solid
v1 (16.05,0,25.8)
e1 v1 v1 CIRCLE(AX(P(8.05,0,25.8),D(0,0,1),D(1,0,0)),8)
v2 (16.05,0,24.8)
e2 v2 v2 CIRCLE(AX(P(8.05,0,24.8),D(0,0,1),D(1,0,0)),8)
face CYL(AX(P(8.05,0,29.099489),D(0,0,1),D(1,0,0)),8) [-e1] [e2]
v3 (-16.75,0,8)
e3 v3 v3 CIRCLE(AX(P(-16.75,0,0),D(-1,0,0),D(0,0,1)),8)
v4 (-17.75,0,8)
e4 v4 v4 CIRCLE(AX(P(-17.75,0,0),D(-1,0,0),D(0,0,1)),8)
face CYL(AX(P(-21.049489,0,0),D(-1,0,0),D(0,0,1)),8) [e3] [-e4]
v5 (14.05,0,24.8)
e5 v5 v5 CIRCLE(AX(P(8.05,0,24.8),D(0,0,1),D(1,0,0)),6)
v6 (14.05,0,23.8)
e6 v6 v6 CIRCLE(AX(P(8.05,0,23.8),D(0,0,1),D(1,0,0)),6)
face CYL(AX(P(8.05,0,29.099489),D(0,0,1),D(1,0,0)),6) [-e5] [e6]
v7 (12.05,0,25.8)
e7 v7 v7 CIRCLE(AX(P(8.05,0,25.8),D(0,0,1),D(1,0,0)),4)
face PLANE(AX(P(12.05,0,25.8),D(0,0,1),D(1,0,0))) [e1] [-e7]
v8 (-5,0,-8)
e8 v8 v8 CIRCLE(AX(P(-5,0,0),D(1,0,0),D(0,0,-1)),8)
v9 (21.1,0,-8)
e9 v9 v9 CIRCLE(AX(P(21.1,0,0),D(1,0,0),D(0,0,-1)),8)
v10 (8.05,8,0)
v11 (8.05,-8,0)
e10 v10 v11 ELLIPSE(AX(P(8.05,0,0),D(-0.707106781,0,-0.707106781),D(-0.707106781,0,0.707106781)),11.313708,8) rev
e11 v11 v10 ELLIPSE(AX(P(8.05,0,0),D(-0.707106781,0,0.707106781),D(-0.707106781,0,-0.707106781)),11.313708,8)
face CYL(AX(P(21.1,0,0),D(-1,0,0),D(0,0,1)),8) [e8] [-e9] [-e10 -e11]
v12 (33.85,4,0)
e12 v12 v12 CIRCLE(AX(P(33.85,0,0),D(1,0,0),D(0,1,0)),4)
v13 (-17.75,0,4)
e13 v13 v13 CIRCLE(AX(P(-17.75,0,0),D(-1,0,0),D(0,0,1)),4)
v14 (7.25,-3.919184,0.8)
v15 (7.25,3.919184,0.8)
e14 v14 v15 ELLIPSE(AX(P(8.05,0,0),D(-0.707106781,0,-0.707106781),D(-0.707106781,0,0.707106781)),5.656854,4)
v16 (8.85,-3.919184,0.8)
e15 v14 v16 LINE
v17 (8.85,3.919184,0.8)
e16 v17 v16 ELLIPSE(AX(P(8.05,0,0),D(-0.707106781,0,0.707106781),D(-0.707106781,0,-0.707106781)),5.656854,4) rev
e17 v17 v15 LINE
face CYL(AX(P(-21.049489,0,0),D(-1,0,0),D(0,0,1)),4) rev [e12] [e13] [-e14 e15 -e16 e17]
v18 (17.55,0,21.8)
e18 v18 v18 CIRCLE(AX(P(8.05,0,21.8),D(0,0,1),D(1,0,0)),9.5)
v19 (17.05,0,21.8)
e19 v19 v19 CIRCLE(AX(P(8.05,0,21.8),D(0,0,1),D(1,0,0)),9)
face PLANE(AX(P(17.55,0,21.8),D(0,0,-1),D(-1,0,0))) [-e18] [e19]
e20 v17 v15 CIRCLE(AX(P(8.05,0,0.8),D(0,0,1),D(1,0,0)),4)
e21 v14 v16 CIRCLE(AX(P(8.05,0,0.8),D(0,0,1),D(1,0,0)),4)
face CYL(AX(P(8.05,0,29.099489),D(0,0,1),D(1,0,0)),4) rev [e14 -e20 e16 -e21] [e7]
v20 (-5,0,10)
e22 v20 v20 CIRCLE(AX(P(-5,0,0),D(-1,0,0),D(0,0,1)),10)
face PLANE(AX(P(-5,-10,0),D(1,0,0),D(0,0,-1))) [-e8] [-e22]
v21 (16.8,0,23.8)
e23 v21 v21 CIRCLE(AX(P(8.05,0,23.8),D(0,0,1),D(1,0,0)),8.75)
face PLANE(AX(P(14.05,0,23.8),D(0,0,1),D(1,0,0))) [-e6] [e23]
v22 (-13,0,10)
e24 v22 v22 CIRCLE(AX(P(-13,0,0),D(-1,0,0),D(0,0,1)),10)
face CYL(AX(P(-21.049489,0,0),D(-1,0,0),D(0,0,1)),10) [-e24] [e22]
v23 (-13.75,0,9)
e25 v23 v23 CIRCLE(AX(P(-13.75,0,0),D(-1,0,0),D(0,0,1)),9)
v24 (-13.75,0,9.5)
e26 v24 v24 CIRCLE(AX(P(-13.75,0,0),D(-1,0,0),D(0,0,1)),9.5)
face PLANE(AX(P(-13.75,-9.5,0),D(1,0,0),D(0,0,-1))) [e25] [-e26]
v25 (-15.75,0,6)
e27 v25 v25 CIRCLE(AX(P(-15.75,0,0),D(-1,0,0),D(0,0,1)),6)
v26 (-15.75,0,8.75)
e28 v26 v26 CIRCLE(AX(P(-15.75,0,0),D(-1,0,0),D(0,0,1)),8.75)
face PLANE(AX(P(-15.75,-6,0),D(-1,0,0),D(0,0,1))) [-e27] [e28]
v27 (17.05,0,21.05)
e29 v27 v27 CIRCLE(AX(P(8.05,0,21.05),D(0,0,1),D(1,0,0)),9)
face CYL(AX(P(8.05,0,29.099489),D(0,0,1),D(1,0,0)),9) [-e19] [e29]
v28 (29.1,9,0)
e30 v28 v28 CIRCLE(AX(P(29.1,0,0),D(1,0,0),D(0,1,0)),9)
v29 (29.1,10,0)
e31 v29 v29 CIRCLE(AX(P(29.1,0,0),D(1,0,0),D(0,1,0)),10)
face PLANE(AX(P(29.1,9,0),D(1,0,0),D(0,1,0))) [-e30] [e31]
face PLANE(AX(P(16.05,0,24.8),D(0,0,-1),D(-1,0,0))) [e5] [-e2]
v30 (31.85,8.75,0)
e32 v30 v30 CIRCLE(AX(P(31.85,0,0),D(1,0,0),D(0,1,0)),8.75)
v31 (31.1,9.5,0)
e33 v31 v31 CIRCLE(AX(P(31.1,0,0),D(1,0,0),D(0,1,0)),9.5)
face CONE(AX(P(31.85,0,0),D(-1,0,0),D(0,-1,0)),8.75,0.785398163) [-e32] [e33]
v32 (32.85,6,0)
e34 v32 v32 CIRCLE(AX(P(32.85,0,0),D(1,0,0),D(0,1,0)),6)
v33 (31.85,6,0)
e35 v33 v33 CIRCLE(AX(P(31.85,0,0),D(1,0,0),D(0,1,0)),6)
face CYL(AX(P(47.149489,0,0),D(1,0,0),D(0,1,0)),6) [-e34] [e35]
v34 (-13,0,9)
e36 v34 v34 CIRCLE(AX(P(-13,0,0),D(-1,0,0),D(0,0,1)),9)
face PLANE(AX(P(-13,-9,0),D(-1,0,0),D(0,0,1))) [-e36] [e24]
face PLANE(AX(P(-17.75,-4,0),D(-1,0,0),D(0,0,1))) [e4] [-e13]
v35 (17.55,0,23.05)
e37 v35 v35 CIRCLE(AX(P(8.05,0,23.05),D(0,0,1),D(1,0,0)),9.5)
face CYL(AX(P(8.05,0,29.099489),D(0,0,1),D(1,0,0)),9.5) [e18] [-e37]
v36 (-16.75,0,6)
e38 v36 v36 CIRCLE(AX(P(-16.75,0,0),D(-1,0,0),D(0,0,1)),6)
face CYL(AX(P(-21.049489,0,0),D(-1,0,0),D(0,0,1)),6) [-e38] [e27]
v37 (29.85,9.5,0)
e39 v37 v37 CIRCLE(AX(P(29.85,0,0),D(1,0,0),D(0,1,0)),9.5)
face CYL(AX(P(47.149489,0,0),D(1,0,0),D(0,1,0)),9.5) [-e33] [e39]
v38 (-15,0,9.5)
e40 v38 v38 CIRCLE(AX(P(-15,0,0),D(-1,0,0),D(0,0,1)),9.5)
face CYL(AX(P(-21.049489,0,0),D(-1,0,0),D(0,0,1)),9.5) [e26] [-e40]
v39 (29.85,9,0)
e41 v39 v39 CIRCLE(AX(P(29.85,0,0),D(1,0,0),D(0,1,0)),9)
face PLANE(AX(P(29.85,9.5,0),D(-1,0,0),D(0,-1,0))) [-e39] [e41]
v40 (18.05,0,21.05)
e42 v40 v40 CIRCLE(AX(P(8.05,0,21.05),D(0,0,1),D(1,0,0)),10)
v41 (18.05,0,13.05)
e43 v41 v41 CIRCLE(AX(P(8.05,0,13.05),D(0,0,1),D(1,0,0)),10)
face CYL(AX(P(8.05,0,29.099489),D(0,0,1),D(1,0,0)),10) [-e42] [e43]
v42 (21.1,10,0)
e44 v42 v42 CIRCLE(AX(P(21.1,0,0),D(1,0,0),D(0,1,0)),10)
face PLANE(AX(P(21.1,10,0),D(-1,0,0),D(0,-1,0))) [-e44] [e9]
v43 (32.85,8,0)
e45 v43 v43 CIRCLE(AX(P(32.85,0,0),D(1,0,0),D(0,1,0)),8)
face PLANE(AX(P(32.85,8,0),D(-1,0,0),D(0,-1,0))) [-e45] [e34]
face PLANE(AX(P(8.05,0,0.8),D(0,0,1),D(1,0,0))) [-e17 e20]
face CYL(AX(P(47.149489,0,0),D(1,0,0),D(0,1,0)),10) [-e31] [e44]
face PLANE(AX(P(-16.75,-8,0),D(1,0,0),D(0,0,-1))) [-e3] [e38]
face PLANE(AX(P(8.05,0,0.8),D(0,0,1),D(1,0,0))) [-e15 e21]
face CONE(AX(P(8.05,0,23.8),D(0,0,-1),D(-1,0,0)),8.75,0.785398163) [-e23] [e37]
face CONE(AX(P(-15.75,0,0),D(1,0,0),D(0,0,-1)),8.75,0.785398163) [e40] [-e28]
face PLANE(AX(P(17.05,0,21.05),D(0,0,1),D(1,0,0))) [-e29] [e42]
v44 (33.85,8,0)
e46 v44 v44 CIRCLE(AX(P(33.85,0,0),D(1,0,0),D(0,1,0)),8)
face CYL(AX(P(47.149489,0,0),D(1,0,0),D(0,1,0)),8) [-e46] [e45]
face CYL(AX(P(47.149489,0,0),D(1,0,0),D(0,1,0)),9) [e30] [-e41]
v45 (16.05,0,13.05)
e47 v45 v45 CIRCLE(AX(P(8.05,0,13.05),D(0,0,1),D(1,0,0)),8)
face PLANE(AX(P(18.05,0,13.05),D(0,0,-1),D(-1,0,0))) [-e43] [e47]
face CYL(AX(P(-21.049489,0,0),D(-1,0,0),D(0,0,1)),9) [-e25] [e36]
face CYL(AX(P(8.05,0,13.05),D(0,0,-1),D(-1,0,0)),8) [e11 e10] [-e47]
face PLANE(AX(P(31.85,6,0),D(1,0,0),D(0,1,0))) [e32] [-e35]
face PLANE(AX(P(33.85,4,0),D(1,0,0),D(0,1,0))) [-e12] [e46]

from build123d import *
from build123d.topology import SkipClean

# Parameters (mm, degrees)
SKETCH_2_R          = 8
SKETCH_2_R_2        = 4
EXTRUDE_1_DEPTH     = 26.1
SKETCH_4_R          = 8
EXTRUDE_2_DEPTH     = 13.05
SKETCH_6_R          = 4
CUT_EXTRUDE_1_DEPTH = 63.05
SKETCH_7_R          = 4
CUT_EXTRUDE_2_DEPTH = 25


with BuildPart() as part:
    # Эскиз1 → Повернуть1 (revolve)
    with BuildSketch(Plane.XY, mode=Mode.PRIVATE) as revolve_1_sk:
        Polygon((-16.75, -8), (-16.75, -6), (-15.75, -6), (-15.75, -8.75), (-15, -9.5), (-13.75, -9.5), (-13.75, -9), (-13, -9), (-13, -10), (-5, -10), (-5, -4), (-17.75, -4), (-17.75, -8), align=None)
    revolve(revolve_1_sk.sketch.rotate(Axis((-21.049489232, 0, 0), (1, 0, 0)), 270), axis=Axis((-21.049489232, 0, 0), (1, 0, 0)))

    # Эскиз2 → Бобышка-Вытянуть1 (add)
    with BuildSketch(Plane(origin=(-5, 0, 0), x_dir=(0, 0, -1), z_dir=(1, 0, 0))):
        with Locations(Location((0, 0, 0), (0, 0, 180))):
            Circle(SKETCH_2_R)
        with Locations(Location((0, 0, 0), (0, 0, 180))):
            Circle(SKETCH_2_R_2, mode=Mode.SUBTRACT)
    extrude(amount=EXTRUDE_1_DEPTH)

    # Эскиз3 → Повернуть2 (revolve)
    with SkipClean():  # the faces are left unmerged after this step: merging them gives an invalid solid
        with BuildSketch(Plane.XY):
            Polygon((32.85, 8), (32.85, 6), (31.85, 6), (31.85, 8.75), (31.1, 9.5), (29.85, 9.5), (29.85, 9), (29.1, 9), (29.1, 10), (21.1, 10), (21.1, 4), (33.85, 4), (33.85, 8), align=None)
        revolve(axis=Axis((47.149489232, 0, 0), (-1, 0, 0)))

    # Эскиз4 → Бобышка-Вытянуть2 (add)
    with SkipClean():  # the faces are left unmerged after this step: merging them gives an invalid solid
        with BuildSketch(Plane.XY):
            with Locations(Location((8.05, 0, 0), (0, 0, 90))):
                Circle(SKETCH_4_R)
        extrude(amount=EXTRUDE_2_DEPTH)

    # Эскиз5 → Повернуть3 (revolve)
    with SkipClean():  # the faces are left unmerged after this step: merging them gives an invalid solid
        with BuildSketch(Plane(origin=(0, 0, 0), x_dir=(1, 0, 0), z_dir=(0, 1, 0))):
            Polygon((16.05, -24.8), (14.05, -24.8), (14.05, -23.8), (16.8, -23.8), (17.55, -23.05), (17.55, -21.8), (17.05, -21.8), (17.05, -21.05), (18.05, -21.05), (18.05, -13.05), (12.05, -13.05), (12.05, -25.8), (16.05, -25.8), align=None)
        revolve(axis=Axis((8.05, 0, 29.099489232), (0, 0, -1)))

    # Эскиз6 → Вырез-Вытянуть1 (cut)
    with SkipClean():  # the faces are left unmerged after this step: merging them gives an invalid solid
        with BuildSketch(Plane.ZY.offset(17.75)):
            Circle(SKETCH_6_R)
        extrude(amount=-CUT_EXTRUDE_1_DEPTH, mode=Mode.SUBTRACT)

    # Эскиз7 → Вырез-Вытянуть2 (cut)
    with SkipClean():  # the faces are left unmerged after this step: merging them gives an invalid solid
        with BuildSketch(Plane.XY.offset(25.8)):
            with Locations((8.05, 0)):
                Circle(SKETCH_7_R)
        extrude(amount=-CUT_EXTRUDE_2_DEPTH, mode=Mode.SUBTRACT)


solid = part.part
